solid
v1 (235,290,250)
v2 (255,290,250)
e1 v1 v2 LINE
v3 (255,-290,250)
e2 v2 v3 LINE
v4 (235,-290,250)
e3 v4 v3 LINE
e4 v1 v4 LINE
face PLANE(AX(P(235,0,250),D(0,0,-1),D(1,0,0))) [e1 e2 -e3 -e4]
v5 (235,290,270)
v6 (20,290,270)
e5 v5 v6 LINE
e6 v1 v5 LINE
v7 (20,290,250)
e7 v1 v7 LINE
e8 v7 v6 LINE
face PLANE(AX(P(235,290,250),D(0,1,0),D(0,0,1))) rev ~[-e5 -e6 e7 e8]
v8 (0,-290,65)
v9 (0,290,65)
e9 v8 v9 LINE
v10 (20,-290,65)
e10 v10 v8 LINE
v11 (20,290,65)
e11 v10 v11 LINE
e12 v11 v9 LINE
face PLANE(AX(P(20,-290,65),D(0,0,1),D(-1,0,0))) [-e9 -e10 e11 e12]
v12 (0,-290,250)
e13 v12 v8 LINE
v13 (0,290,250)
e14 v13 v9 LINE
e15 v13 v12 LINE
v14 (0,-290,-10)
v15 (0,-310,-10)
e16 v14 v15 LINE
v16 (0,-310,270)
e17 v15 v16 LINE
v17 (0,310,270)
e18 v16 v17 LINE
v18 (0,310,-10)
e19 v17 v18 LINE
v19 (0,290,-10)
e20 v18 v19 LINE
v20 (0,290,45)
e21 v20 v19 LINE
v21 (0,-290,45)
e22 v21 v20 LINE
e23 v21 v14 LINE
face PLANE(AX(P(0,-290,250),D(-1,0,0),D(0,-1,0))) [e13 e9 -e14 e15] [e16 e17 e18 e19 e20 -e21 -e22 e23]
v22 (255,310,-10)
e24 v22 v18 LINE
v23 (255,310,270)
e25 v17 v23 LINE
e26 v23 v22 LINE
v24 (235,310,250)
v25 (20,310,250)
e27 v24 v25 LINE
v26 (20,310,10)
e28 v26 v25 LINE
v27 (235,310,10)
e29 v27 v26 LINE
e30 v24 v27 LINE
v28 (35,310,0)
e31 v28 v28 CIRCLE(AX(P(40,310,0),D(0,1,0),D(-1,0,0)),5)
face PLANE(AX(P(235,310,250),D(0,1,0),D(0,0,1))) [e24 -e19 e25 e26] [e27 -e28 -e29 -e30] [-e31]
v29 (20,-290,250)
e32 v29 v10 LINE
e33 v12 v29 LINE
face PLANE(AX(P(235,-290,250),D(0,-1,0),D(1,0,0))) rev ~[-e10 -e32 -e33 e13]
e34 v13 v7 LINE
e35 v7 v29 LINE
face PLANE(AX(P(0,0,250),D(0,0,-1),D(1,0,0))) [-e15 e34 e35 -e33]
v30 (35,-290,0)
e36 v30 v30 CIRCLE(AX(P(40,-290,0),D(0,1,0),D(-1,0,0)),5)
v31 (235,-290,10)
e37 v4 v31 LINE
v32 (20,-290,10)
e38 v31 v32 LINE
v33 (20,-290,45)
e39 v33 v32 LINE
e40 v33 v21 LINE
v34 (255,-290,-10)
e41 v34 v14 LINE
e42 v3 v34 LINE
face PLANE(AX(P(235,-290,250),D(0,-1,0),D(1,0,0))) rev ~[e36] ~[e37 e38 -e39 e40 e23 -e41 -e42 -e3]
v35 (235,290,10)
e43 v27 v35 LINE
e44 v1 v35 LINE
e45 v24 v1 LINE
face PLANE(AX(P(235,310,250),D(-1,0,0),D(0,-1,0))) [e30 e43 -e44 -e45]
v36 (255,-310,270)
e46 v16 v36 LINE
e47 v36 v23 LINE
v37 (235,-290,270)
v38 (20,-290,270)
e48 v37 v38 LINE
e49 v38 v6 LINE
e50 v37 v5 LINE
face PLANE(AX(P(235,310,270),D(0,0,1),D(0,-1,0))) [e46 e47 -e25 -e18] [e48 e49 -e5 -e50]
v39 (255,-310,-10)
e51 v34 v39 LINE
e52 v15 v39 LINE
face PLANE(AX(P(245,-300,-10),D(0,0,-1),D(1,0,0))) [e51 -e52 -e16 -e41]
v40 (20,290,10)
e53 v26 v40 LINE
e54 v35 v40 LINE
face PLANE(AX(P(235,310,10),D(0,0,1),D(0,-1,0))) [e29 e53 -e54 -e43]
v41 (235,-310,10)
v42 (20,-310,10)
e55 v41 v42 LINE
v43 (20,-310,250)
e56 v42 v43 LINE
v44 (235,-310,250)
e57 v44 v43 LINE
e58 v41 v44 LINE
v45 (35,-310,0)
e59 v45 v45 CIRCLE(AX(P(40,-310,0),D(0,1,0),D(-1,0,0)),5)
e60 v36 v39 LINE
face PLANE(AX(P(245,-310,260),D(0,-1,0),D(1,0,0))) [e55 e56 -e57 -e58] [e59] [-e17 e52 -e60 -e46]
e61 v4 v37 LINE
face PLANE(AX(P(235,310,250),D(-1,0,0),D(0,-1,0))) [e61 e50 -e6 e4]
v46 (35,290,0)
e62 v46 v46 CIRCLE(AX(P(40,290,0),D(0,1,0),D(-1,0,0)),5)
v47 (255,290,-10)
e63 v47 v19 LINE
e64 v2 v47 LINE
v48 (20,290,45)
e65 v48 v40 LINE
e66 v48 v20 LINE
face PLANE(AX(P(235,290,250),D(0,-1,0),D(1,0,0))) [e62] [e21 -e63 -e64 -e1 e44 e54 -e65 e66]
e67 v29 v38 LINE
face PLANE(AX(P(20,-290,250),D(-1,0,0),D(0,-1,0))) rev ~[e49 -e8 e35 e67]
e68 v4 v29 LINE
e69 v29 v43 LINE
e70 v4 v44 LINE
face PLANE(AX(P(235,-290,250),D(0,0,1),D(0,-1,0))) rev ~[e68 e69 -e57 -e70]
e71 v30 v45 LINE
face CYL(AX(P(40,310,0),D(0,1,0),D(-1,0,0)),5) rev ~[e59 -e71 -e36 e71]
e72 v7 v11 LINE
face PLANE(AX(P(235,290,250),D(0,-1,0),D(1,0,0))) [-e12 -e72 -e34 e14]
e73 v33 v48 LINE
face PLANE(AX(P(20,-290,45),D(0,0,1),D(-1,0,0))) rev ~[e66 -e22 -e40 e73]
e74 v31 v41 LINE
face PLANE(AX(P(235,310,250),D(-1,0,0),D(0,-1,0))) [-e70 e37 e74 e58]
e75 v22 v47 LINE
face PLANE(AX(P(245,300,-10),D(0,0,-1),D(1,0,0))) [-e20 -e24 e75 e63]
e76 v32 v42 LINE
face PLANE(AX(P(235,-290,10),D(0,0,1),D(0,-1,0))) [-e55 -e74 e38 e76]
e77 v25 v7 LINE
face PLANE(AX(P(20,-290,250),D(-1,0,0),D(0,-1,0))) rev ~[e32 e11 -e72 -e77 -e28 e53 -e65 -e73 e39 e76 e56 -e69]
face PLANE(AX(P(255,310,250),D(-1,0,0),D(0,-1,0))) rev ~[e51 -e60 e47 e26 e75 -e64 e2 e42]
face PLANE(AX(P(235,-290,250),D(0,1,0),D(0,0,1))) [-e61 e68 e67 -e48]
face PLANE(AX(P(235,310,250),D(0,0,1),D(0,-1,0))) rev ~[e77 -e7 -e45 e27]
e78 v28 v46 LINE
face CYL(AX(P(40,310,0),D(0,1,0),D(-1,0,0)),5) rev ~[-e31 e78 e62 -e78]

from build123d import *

# Parameters (mm, degrees)
F0_W     = 20
F0_H     = 20
F1_DEPTH = 310
F2_W     = 20
F2_H     = 20
F3_DEPTH = 260
F4_W     = 20
F4_H     = 20
F5_DEPTH = 215
F6_W     = 20
F6_H     = 20
F7_DEPTH = 580
F8_R     = 5
F9_DEPTH = 620


with BuildPart() as f1:
    # F0 (on Front) → F1 (new body, symmetric)
    with BuildSketch(Plane.XZ):
        with Locations((10, 260)):
            Rectangle(F0_W, F0_H)
    extrude(amount=F1_DEPTH, both=True)

    # F2 (on face) → F3 (join)
    with BuildSketch(Plane(origin=(0, 0, 250), x_dir=(1, 0, 0), z_dir=(0, 0, -1))):
        with Locations((10, 300)):
            Rectangle(F2_W, F2_H)
        with Locations((10, -300)):
            Rectangle(F2_W, F2_H)
    extrude(amount=F3_DEPTH)



with BuildPart() as f1b:
    # F0 (on Front) → F1, piece 2 (new body, symmetric)
    with BuildSketch(Plane.XZ):
        with Locations((245, 260)):
            Rectangle(F0_W, F0_H)
    extrude(amount=F1_DEPTH, both=True)

    # F2 (on face) → F3, piece 2 (join)
    with BuildSketch(Plane(origin=(0, 0, 250), x_dir=(1, 0, 0), z_dir=(0, 0, -1))):
        with Locations((245, -300)):
            Rectangle(F2_W, F2_H)
        with Locations((245, 300)):
            Rectangle(F2_W, F2_H)
    extrude(amount=F3_DEPTH)


with BuildPart() as f1_1:
    add(f1.part)

    add(f1b.part)  # F5 merges F1b
    # F4 (on face) → F5 (join, through all)
    with BuildSketch(Plane(origin=(235, 0, 0), x_dir=(0, -1, 0), z_dir=(-1, 0, 0))):
        with Locations((-300, 260)):
            Rectangle(F4_W, F4_H)
        with Locations((-300, 0)):
            Rectangle(F4_W, F4_H)
        with Locations((300, 0)):
            Rectangle(F4_W, F4_H)
        with Locations((300, 260)):
            Rectangle(F4_W, F4_H)
    extrude(amount=F5_DEPTH)

    # F6 (on face) → F7 (join, through all)
    with BuildSketch(Plane(origin=(0, -290, 0), x_dir=(-1, 0, 0), z_dir=(0, 1, 0))):
        with Locations((-10, 55)):
            Rectangle(F6_W, F6_H)
    extrude(amount=F7_DEPTH)

    # F8 (on face) → F9 (cut, through all)
    with BuildSketch(Plane(origin=(0, 310, 0), x_dir=(-1, 0, 0), z_dir=(0, 1, 0))):
        with Locations((-40, 0)):
            Circle(F8_R)
    extrude(amount=-F9_DEPTH, mode=Mode.SUBTRACT)


solid = f1_1.part
